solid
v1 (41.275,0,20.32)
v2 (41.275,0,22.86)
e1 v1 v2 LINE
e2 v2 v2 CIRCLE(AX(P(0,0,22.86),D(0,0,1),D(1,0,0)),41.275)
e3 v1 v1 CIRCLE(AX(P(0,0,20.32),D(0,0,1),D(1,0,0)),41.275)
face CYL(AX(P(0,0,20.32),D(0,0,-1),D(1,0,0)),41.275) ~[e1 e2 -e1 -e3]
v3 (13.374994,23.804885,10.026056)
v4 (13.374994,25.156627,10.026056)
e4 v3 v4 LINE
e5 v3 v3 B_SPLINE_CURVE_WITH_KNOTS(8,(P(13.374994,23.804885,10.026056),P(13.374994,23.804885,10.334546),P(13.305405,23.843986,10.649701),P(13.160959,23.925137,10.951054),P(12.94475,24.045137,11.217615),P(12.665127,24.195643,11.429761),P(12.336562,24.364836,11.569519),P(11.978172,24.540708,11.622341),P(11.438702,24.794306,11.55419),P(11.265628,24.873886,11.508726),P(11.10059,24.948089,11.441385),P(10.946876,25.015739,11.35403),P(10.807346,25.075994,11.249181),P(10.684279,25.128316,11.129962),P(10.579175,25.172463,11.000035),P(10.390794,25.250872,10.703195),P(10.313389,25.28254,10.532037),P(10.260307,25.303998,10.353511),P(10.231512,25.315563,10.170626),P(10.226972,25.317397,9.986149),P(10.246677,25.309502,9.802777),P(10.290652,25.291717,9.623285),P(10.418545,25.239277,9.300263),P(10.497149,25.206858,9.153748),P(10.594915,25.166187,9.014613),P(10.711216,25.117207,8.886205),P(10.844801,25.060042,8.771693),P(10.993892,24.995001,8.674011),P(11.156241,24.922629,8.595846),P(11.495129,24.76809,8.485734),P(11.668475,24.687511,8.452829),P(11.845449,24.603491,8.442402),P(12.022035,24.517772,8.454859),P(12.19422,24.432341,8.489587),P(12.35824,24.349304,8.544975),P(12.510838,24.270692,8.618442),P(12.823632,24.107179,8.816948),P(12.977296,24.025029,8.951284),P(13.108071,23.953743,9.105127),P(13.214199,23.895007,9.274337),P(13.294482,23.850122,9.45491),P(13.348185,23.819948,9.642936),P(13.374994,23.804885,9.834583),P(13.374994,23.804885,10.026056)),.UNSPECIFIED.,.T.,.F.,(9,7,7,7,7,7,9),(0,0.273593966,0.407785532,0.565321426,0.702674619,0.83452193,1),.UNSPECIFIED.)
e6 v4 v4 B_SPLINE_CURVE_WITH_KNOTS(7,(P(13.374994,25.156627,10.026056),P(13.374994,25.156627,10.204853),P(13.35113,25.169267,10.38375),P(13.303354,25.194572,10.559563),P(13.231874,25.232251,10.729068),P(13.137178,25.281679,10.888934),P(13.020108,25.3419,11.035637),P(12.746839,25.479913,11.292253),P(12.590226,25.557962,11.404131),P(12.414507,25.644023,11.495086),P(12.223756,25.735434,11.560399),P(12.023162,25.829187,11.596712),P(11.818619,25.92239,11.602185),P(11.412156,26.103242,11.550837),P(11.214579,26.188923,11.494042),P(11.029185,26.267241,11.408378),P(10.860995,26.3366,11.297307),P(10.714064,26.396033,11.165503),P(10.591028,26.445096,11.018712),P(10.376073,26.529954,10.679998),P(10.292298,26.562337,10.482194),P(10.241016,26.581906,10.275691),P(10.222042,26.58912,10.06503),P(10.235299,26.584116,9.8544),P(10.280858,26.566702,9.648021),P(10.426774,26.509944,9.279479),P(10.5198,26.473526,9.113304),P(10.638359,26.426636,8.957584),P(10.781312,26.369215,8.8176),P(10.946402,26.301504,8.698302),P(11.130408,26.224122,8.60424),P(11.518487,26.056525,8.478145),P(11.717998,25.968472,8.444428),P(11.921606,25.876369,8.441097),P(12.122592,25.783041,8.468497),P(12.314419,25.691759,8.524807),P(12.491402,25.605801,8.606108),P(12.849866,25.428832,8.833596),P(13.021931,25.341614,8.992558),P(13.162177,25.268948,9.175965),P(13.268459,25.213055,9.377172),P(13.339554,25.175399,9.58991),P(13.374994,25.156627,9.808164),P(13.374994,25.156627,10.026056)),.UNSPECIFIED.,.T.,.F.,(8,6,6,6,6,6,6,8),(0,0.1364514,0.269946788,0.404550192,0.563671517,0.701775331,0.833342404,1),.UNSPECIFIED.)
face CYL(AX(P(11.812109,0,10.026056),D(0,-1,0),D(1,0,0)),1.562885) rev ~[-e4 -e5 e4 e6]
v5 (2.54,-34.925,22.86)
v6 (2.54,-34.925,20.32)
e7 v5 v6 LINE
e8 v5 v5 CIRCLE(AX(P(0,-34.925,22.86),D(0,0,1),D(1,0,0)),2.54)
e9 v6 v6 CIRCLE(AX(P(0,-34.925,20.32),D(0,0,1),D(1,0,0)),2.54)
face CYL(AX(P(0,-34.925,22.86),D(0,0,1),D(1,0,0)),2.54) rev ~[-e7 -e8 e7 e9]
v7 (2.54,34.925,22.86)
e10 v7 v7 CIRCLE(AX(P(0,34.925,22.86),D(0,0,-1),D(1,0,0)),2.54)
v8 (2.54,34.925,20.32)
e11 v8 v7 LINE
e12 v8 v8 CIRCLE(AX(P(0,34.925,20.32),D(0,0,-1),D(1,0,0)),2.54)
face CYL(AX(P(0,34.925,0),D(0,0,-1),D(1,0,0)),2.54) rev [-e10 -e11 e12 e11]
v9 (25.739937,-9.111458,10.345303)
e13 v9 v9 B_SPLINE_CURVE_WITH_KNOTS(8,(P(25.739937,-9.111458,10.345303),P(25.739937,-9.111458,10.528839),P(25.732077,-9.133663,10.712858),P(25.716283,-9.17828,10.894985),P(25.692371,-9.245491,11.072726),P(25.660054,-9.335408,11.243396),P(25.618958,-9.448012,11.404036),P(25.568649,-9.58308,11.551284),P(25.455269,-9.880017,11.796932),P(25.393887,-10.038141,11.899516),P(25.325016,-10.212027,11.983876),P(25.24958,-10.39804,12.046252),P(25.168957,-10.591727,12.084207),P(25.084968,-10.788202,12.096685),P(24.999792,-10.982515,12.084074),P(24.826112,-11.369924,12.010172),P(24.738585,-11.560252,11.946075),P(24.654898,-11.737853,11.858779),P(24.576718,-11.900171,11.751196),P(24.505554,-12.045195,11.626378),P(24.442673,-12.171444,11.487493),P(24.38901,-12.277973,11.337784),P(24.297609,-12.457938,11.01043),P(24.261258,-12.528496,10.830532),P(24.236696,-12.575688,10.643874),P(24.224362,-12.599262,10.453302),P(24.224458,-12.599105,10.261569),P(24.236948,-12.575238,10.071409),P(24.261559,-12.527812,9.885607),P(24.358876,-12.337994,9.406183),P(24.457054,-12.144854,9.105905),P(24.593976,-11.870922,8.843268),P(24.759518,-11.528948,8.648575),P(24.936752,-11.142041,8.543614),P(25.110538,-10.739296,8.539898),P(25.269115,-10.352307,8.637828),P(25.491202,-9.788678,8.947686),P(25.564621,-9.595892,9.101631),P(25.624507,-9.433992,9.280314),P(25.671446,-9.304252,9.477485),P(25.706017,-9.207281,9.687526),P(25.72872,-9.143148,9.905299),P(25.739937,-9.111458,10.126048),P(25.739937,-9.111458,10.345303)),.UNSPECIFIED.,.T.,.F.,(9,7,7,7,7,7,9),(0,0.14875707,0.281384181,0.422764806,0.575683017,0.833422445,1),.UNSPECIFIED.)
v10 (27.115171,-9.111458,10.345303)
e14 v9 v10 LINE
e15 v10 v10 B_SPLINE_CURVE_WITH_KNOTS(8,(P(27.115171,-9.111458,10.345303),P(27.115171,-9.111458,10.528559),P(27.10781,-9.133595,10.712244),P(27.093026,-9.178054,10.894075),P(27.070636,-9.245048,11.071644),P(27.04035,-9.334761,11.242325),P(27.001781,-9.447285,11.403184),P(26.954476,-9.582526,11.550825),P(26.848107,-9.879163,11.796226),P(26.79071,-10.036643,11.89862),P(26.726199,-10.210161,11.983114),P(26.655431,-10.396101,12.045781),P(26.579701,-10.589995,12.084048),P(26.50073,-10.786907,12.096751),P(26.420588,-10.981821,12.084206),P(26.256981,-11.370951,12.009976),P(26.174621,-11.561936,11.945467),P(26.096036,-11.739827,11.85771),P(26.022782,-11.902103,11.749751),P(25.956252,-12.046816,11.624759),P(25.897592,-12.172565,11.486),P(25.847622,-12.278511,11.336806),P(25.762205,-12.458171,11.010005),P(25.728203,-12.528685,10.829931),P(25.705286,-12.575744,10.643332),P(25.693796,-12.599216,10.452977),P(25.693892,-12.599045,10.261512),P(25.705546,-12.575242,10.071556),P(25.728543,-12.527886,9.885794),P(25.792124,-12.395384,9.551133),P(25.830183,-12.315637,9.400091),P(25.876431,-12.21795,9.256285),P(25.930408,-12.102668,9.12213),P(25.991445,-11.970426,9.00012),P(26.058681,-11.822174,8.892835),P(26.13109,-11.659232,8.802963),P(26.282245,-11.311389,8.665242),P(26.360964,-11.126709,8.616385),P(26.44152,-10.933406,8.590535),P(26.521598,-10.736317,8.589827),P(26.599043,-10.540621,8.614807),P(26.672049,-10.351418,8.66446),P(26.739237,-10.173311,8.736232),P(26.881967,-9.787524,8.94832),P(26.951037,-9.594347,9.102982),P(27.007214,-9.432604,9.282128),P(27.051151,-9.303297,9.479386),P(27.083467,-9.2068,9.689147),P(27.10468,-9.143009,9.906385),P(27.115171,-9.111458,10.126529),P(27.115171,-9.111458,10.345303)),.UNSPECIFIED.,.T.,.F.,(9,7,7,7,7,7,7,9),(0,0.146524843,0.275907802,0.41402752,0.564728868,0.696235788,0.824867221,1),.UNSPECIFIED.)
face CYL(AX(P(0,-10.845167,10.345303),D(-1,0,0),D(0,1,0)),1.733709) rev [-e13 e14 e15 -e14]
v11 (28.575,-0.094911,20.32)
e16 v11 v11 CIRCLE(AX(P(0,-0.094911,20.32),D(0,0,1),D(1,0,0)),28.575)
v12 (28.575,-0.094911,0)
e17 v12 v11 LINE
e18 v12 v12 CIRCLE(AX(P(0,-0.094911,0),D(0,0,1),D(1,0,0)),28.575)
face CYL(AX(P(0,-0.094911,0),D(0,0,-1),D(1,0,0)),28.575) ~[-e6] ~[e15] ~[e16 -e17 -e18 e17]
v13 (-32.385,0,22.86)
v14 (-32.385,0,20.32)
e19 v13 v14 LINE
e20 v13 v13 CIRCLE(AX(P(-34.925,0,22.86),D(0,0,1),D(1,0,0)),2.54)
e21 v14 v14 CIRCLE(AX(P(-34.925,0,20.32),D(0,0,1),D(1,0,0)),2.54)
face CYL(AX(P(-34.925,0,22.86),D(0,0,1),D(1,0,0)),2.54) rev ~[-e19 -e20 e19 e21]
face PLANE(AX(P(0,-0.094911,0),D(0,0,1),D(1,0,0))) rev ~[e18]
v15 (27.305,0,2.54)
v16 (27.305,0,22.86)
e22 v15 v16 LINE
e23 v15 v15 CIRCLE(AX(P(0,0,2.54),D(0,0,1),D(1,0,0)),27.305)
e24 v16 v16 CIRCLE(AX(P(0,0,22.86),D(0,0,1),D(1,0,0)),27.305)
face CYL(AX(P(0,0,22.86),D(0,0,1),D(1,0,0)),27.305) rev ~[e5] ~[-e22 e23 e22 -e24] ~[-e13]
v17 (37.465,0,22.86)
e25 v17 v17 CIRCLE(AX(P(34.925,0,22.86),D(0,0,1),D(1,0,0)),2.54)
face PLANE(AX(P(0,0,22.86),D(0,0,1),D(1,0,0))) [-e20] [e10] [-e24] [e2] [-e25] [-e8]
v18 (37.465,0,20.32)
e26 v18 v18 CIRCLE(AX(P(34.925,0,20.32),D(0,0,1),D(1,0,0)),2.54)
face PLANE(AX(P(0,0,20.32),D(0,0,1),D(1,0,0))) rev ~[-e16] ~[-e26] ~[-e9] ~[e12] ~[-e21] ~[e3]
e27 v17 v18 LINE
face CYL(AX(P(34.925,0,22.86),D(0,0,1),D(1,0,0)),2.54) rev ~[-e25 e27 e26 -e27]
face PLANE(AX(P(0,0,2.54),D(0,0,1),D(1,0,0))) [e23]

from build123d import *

# Parameters (mm, degrees)
F0_R      = 28.575
F1_DEPTH  = 20.32
F2_R      = 27.305
F3_DEPTH  = 17.78
F4_R      = 1.733709
F5_DEPTH  = 28.576
F6_R      = 1.562885
F7_DEPTH  = 28.481089
F8_R      = 41.275
F9_DEPTH  = 2.54
F10_R     = 27.305
F11_DEPTH = 2.54
F12_R     = 2.54
F13_DEPTH = 22.861
F14_R     = 2.54
F15_DEPTH = 22.861
F16_R     = 2.54
F17_DEPTH = 22.861
F18_R     = 2.54
F19_DEPTH = 22.861


with BuildPart() as f1:
    # F0 (on Top) → F1 (new body)
    with BuildSketch(Plane.XY):
        with Locations((0, -0.094911)):
            Circle(F0_R)
    extrude(amount=F1_DEPTH)

    # F2 (on face) → F3 (cut)
    with BuildSketch(Plane.XY.offset(20.32)):
        Circle(F2_R)
    extrude(amount=-F3_DEPTH, mode=Mode.SUBTRACT)

    # F4 (on Right) → F5 (cut, through all)
    with BuildSketch(Plane.YZ):
        with Locations((-10.845167, 10.345303)):
            Circle(F4_R)
    extrude(amount=F5_DEPTH, mode=Mode.SUBTRACT)

    # F6 (on Front) → F7 (cut, through all)
    with BuildSketch(Plane.XZ):
        with Locations((11.812109, 10.026056)):
            Circle(F6_R)
    extrude(amount=-F7_DEPTH, mode=Mode.SUBTRACT)

    # F8 (on face) → F9 (join)
    with BuildSketch(Plane.XY.offset(20.32)):
        Circle(F8_R)
    extrude(amount=F9_DEPTH)

    # F10 (on face) → F11 (cut)
    with BuildSketch(Plane.XY.offset(22.86)):
        Circle(F10_R)
    extrude(amount=-F11_DEPTH, mode=Mode.SUBTRACT)

    # F12 (on Top) → F13 (cut, through all)
    with BuildSketch(Plane.XY):
        with Locations((0, 34.925)):
            Circle(F12_R)
    extrude(amount=F13_DEPTH, mode=Mode.SUBTRACT)

    # F14 (on face) → F15 (cut, through all)
    with BuildSketch(Plane.XY.offset(22.86)):
        with Locations((-34.925, 0)):
            Circle(F14_R)
    extrude(amount=-F15_DEPTH, mode=Mode.SUBTRACT)

    # F16 (on face) → F17 (cut, through all)
    with BuildSketch(Plane.XY.offset(22.86)):
        with Locations((0, -34.925)):
            Circle(F16_R)
    extrude(amount=-F17_DEPTH, mode=Mode.SUBTRACT)

    # F18 (on face) → F19 (cut, through all)
    with BuildSketch(Plane.XY.offset(22.86)):
        with Locations((34.925, 0)):
            Circle(F18_R)
    extrude(amount=-F19_DEPTH, mode=Mode.SUBTRACT)


solid = f1.part
